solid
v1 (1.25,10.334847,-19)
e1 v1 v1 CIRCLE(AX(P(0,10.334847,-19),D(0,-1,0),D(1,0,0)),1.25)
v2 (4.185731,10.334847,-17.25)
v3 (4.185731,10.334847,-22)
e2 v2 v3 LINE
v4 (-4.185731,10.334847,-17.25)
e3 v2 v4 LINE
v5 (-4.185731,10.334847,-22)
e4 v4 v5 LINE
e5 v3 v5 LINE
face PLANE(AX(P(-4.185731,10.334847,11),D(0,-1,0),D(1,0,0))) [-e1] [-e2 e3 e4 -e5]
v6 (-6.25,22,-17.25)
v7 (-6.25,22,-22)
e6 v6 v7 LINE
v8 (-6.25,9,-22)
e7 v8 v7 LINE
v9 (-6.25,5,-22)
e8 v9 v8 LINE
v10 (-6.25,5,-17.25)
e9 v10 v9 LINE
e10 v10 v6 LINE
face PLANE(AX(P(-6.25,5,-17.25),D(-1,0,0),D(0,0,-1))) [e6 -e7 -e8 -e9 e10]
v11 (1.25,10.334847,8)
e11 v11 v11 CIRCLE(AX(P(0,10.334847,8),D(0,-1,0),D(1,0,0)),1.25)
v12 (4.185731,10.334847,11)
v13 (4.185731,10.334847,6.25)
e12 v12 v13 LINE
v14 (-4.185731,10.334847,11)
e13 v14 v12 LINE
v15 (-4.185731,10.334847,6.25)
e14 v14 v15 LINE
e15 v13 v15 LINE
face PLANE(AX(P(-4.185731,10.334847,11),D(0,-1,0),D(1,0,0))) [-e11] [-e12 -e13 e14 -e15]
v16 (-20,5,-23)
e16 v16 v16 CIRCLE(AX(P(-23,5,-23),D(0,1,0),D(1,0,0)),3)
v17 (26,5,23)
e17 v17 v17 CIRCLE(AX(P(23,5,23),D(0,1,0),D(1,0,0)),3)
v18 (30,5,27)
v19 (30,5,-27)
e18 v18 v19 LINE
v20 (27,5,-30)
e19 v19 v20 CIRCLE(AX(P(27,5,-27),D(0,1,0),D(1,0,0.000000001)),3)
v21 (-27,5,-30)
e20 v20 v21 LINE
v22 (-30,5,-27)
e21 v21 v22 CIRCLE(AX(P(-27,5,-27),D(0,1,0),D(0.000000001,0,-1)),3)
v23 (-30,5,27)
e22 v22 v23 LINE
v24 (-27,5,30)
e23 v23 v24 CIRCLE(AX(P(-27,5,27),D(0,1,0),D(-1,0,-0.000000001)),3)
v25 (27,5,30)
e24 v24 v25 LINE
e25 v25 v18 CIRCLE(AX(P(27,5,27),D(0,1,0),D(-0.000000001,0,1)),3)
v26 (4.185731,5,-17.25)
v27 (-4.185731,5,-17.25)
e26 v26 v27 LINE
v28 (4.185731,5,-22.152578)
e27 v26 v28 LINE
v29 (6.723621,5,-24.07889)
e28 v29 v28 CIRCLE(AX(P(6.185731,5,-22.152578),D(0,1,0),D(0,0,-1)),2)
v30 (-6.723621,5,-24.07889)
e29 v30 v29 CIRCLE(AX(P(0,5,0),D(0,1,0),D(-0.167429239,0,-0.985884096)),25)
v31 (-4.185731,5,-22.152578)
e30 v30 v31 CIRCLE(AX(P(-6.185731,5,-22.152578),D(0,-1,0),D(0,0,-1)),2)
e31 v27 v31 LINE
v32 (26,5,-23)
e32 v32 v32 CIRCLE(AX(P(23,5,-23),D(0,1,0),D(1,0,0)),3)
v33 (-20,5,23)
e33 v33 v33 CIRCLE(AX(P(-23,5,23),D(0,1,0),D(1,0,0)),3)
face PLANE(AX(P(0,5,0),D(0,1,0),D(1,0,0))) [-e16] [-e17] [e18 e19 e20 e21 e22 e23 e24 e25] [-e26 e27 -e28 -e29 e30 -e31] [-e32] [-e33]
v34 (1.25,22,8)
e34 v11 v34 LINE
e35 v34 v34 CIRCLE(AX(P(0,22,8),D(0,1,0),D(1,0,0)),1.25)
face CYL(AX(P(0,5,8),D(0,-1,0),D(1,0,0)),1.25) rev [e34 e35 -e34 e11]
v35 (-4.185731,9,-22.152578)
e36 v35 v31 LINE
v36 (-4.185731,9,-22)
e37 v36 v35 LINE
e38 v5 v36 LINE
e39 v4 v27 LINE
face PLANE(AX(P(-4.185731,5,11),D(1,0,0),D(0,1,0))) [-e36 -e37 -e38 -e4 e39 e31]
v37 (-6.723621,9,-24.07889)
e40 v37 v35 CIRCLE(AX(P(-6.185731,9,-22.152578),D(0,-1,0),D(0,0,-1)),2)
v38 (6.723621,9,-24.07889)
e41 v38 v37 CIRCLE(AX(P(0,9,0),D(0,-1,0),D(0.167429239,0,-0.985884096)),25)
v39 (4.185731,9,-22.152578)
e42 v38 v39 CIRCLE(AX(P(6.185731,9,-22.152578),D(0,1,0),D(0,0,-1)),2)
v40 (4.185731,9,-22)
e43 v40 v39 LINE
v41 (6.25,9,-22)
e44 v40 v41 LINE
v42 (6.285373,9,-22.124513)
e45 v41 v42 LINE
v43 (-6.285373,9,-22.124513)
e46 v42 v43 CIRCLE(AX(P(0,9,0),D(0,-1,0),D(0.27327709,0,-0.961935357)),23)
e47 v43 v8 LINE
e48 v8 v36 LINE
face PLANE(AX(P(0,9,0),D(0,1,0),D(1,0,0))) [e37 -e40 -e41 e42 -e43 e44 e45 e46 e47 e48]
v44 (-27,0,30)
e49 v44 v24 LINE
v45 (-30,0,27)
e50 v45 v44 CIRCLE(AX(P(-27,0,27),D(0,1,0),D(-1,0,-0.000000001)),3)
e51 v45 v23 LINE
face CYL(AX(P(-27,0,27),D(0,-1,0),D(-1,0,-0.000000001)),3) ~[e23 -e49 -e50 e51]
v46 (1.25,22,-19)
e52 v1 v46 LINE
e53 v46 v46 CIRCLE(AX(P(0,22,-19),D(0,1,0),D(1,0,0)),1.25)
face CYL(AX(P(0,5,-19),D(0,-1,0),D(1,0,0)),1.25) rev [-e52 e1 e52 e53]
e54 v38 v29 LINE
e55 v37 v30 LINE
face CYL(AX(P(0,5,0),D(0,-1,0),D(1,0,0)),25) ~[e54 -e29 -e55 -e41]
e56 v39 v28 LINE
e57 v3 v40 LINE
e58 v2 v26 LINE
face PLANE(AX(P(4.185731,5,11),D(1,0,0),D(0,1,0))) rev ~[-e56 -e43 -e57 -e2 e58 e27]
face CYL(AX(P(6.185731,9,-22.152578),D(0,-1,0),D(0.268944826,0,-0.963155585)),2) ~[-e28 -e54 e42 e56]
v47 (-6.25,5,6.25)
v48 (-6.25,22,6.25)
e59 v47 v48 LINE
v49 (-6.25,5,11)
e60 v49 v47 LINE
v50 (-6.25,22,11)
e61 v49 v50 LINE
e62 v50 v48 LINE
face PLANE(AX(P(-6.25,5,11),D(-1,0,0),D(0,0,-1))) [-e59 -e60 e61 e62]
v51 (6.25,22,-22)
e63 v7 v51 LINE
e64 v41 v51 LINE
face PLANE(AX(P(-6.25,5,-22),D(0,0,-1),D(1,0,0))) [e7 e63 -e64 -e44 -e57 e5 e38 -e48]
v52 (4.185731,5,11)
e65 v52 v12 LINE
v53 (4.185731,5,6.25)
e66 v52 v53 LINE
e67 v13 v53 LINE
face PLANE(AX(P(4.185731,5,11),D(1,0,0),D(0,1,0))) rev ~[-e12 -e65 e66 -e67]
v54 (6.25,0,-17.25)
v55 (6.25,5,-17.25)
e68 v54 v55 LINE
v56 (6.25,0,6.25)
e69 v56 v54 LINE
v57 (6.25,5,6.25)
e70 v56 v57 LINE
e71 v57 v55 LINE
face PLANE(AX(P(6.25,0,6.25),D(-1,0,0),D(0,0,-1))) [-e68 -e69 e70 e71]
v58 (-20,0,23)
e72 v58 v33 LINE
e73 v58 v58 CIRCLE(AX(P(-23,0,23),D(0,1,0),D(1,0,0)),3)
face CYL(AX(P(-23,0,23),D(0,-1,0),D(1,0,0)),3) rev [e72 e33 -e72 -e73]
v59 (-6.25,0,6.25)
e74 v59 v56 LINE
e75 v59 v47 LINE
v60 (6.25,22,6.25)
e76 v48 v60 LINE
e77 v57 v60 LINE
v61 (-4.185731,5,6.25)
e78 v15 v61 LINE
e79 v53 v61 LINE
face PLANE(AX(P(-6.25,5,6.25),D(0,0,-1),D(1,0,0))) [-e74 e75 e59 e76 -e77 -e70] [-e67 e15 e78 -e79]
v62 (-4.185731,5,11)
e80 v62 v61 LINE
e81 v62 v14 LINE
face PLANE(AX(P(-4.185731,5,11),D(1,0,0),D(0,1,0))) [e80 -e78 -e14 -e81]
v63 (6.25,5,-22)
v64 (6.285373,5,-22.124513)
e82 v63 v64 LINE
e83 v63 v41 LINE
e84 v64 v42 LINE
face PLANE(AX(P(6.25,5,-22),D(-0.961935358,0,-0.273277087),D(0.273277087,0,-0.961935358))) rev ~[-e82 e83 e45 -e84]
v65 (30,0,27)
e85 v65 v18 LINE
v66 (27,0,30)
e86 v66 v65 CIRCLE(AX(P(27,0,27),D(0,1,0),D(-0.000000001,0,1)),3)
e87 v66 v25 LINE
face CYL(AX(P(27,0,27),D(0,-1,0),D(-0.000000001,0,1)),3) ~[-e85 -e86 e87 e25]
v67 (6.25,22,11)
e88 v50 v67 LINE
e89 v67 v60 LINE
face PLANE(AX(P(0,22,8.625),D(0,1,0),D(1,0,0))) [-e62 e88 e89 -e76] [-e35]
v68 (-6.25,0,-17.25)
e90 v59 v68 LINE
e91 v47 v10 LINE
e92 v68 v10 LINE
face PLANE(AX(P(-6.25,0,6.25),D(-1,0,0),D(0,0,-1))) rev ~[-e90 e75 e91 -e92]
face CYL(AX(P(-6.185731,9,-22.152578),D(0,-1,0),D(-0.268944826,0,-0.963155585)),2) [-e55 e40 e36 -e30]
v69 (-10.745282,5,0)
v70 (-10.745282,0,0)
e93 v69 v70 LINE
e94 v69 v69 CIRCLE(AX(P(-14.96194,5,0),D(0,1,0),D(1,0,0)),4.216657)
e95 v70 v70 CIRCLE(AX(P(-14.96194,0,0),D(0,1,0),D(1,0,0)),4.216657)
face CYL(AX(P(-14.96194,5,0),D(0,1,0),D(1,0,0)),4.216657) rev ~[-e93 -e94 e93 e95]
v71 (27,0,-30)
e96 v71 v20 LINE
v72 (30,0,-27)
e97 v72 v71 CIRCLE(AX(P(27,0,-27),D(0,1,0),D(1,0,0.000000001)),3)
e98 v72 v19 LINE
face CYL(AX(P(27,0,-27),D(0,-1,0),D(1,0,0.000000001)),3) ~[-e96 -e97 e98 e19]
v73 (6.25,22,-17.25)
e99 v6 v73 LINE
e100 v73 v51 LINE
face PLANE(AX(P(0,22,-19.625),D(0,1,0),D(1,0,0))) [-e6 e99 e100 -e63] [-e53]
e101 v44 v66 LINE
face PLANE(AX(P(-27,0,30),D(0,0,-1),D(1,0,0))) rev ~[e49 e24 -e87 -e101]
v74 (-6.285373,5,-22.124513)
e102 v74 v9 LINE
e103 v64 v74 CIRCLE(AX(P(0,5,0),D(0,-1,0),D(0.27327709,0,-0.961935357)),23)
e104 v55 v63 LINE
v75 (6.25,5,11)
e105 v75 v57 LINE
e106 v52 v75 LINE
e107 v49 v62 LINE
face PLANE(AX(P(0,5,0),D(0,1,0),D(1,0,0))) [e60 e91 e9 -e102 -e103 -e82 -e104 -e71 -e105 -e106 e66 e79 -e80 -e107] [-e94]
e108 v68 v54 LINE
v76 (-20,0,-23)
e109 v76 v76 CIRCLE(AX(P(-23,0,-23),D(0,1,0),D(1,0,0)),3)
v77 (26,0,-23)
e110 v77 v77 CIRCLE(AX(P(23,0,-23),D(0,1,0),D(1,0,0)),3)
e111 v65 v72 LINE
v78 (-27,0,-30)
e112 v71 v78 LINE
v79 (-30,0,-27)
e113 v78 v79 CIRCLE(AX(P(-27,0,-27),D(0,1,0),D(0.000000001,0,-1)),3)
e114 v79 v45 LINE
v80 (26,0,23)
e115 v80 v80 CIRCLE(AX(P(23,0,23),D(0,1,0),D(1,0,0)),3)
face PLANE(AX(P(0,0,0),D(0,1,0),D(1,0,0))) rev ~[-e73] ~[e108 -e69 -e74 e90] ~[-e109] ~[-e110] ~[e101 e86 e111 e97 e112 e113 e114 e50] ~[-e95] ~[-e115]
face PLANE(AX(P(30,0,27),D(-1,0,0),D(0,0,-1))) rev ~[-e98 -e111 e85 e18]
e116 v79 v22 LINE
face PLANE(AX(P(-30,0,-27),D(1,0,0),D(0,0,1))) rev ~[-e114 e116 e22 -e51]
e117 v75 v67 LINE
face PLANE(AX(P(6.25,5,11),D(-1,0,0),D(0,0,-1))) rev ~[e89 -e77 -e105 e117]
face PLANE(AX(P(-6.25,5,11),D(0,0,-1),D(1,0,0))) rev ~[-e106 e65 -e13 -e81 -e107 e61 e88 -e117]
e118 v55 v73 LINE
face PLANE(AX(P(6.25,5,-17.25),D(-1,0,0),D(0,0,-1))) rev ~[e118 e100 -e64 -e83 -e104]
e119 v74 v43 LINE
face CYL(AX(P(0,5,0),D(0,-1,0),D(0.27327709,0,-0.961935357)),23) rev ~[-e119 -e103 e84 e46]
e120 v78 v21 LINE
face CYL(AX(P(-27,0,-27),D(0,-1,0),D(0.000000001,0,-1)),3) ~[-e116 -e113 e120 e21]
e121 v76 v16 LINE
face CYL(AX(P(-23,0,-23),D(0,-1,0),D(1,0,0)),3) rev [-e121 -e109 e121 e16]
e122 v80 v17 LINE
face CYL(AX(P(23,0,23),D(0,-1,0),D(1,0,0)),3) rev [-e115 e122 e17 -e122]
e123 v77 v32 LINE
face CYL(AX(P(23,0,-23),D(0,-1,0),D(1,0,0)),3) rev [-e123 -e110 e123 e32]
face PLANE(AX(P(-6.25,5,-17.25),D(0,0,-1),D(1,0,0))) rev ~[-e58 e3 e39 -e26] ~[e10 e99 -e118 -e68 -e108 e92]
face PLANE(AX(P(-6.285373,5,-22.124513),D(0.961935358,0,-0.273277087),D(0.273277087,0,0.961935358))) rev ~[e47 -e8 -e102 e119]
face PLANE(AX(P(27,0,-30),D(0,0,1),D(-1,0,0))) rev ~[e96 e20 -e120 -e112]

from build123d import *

# Parameters (mm, degrees)
SKETCH_1_R          = 3
SKETCH_1_W          = 12.5
SKETCH_1_H          = 23.5
EXTRUDE_1_DEPTH     = 5
SKETCH_2_W          = 12.5
SKETCH_2_H          = 4.75
SKETCH_2_R          = 1.25
EXTRUDE_2_DEPTH     = 17
SKETCH_4_R          = 25
EXTRUDE_7_DEPTH     = 4
SKETCH_5_W          = 8.371461974
SKETCH_5_H          = 5.334847295
CUT_EXTRUDE_1_DEPTH = 42
FILLET_1_R          = 2
SKETCH_6_R          = 4.21665728
CUT_EXTRUDE_2_DEPTH = 10


with BuildPart() as part:
    # 草图1 → 凸台-拉伸1 (new body)
    with BuildSketch(Plane(origin=(0, 0, 0), x_dir=(1, 0, 0), z_dir=(0, 1, 0))):
        with BuildLine():
            Line((27, 30), (-27, 30))
            ThreePointArc((-27, 30), (-29.121320344, 29.121320344), (-30, 27))
            Line((-30, 27), (-30, -27))
            ThreePointArc((-30, -27), (-29.121320344, -29.121320344), (-27, -30))
            Line((-27, -30), (27, -30))
            ThreePointArc((27, -30), (29.121320344, -29.121320344), (30, -27))
            Line((30, -27), (30, 27))
            ThreePointArc((30, 27), (29.121320344, 29.121320344), (27, 30))
        make_face()
        with Locations((-23, 23)):
            Circle(SKETCH_1_R, mode=Mode.SUBTRACT)
        with Locations((23, 23)):
            Circle(SKETCH_1_R, mode=Mode.SUBTRACT)
        with Locations((23, -23)):
            Circle(SKETCH_1_R, mode=Mode.SUBTRACT)
        with Locations((-23, -23)):
            Circle(SKETCH_1_R, mode=Mode.SUBTRACT)
        with Locations((0, 5.5)):
            Rectangle(SKETCH_1_W, SKETCH_1_H, mode=Mode.SUBTRACT)
    extrude(amount=EXTRUDE_1_DEPTH)

    # 草图2 → 凸台-拉伸2 (add)
    with BuildSketch(Plane(origin=(0, 5, 0), x_dir=(1, 0, 0), z_dir=(0, 1, 0))):
        with Locations((0, 19.625)):
            Rectangle(SKETCH_2_W, SKETCH_2_H)
        with Locations((0, 19)):
            Circle(SKETCH_2_R, mode=Mode.SUBTRACT)
        with Locations((0, -8.625)):
            Rectangle(SKETCH_2_W, SKETCH_2_H)
        with Locations((0, -8)):
            Circle(SKETCH_2_R, mode=Mode.SUBTRACT)
    extrude(amount=EXTRUDE_2_DEPTH)

    # 草图4 → 凸台-拉伸7 (add)
    with BuildSketch(Plane(origin=(0, 5, 0), x_dir=(1, 0, 0), z_dir=(0, 1, 0))):
        Circle(SKETCH_4_R)
        with BuildLine():
            Line((-6.285373074, 22.124513222), (-6.25, 22))
            Line((-6.25, 22), (6.25, 22))
            Line((6.25, 22), (6.285373074, 22.124513222))
            ThreePointArc((6.285373074, 22.124513222), (0, -23), (-6.285373074, 22.124513222))
        make_face(mode=Mode.SUBTRACT)
    extrude(amount=EXTRUDE_7_DEPTH)

    # 草图5 → 切除-拉伸1 (cut)
    with BuildSketch(Plane.XY.offset(11)):
        with Locations((0, 7.667423648)):
            Rectangle(SKETCH_5_W, SKETCH_5_H)
    extrude(amount=-CUT_EXTRUDE_1_DEPTH, mode=Mode.SUBTRACT)

    # 圆角1
    fillet_1_edges = [part.edges().sort_by_distance(p)[0] for p in [
        (-4.185730987, 7, -24.647102388),
        (4.185730987, 7, -24.647102388),
    ]]
    fillet(fillet_1_edges, radius=FILLET_1_R)

    # 草图6 → 切除-拉伸2 (cut)
    with BuildSketch(Plane(origin=(0, 5, 0), x_dir=(1, 0, 0), z_dir=(0, 1, 0))):
        with Locations((-14.961939604, 0)):
            Circle(SKETCH_6_R)
    extrude(amount=-CUT_EXTRUDE_2_DEPTH, mode=Mode.SUBTRACT)


solid = part.part
